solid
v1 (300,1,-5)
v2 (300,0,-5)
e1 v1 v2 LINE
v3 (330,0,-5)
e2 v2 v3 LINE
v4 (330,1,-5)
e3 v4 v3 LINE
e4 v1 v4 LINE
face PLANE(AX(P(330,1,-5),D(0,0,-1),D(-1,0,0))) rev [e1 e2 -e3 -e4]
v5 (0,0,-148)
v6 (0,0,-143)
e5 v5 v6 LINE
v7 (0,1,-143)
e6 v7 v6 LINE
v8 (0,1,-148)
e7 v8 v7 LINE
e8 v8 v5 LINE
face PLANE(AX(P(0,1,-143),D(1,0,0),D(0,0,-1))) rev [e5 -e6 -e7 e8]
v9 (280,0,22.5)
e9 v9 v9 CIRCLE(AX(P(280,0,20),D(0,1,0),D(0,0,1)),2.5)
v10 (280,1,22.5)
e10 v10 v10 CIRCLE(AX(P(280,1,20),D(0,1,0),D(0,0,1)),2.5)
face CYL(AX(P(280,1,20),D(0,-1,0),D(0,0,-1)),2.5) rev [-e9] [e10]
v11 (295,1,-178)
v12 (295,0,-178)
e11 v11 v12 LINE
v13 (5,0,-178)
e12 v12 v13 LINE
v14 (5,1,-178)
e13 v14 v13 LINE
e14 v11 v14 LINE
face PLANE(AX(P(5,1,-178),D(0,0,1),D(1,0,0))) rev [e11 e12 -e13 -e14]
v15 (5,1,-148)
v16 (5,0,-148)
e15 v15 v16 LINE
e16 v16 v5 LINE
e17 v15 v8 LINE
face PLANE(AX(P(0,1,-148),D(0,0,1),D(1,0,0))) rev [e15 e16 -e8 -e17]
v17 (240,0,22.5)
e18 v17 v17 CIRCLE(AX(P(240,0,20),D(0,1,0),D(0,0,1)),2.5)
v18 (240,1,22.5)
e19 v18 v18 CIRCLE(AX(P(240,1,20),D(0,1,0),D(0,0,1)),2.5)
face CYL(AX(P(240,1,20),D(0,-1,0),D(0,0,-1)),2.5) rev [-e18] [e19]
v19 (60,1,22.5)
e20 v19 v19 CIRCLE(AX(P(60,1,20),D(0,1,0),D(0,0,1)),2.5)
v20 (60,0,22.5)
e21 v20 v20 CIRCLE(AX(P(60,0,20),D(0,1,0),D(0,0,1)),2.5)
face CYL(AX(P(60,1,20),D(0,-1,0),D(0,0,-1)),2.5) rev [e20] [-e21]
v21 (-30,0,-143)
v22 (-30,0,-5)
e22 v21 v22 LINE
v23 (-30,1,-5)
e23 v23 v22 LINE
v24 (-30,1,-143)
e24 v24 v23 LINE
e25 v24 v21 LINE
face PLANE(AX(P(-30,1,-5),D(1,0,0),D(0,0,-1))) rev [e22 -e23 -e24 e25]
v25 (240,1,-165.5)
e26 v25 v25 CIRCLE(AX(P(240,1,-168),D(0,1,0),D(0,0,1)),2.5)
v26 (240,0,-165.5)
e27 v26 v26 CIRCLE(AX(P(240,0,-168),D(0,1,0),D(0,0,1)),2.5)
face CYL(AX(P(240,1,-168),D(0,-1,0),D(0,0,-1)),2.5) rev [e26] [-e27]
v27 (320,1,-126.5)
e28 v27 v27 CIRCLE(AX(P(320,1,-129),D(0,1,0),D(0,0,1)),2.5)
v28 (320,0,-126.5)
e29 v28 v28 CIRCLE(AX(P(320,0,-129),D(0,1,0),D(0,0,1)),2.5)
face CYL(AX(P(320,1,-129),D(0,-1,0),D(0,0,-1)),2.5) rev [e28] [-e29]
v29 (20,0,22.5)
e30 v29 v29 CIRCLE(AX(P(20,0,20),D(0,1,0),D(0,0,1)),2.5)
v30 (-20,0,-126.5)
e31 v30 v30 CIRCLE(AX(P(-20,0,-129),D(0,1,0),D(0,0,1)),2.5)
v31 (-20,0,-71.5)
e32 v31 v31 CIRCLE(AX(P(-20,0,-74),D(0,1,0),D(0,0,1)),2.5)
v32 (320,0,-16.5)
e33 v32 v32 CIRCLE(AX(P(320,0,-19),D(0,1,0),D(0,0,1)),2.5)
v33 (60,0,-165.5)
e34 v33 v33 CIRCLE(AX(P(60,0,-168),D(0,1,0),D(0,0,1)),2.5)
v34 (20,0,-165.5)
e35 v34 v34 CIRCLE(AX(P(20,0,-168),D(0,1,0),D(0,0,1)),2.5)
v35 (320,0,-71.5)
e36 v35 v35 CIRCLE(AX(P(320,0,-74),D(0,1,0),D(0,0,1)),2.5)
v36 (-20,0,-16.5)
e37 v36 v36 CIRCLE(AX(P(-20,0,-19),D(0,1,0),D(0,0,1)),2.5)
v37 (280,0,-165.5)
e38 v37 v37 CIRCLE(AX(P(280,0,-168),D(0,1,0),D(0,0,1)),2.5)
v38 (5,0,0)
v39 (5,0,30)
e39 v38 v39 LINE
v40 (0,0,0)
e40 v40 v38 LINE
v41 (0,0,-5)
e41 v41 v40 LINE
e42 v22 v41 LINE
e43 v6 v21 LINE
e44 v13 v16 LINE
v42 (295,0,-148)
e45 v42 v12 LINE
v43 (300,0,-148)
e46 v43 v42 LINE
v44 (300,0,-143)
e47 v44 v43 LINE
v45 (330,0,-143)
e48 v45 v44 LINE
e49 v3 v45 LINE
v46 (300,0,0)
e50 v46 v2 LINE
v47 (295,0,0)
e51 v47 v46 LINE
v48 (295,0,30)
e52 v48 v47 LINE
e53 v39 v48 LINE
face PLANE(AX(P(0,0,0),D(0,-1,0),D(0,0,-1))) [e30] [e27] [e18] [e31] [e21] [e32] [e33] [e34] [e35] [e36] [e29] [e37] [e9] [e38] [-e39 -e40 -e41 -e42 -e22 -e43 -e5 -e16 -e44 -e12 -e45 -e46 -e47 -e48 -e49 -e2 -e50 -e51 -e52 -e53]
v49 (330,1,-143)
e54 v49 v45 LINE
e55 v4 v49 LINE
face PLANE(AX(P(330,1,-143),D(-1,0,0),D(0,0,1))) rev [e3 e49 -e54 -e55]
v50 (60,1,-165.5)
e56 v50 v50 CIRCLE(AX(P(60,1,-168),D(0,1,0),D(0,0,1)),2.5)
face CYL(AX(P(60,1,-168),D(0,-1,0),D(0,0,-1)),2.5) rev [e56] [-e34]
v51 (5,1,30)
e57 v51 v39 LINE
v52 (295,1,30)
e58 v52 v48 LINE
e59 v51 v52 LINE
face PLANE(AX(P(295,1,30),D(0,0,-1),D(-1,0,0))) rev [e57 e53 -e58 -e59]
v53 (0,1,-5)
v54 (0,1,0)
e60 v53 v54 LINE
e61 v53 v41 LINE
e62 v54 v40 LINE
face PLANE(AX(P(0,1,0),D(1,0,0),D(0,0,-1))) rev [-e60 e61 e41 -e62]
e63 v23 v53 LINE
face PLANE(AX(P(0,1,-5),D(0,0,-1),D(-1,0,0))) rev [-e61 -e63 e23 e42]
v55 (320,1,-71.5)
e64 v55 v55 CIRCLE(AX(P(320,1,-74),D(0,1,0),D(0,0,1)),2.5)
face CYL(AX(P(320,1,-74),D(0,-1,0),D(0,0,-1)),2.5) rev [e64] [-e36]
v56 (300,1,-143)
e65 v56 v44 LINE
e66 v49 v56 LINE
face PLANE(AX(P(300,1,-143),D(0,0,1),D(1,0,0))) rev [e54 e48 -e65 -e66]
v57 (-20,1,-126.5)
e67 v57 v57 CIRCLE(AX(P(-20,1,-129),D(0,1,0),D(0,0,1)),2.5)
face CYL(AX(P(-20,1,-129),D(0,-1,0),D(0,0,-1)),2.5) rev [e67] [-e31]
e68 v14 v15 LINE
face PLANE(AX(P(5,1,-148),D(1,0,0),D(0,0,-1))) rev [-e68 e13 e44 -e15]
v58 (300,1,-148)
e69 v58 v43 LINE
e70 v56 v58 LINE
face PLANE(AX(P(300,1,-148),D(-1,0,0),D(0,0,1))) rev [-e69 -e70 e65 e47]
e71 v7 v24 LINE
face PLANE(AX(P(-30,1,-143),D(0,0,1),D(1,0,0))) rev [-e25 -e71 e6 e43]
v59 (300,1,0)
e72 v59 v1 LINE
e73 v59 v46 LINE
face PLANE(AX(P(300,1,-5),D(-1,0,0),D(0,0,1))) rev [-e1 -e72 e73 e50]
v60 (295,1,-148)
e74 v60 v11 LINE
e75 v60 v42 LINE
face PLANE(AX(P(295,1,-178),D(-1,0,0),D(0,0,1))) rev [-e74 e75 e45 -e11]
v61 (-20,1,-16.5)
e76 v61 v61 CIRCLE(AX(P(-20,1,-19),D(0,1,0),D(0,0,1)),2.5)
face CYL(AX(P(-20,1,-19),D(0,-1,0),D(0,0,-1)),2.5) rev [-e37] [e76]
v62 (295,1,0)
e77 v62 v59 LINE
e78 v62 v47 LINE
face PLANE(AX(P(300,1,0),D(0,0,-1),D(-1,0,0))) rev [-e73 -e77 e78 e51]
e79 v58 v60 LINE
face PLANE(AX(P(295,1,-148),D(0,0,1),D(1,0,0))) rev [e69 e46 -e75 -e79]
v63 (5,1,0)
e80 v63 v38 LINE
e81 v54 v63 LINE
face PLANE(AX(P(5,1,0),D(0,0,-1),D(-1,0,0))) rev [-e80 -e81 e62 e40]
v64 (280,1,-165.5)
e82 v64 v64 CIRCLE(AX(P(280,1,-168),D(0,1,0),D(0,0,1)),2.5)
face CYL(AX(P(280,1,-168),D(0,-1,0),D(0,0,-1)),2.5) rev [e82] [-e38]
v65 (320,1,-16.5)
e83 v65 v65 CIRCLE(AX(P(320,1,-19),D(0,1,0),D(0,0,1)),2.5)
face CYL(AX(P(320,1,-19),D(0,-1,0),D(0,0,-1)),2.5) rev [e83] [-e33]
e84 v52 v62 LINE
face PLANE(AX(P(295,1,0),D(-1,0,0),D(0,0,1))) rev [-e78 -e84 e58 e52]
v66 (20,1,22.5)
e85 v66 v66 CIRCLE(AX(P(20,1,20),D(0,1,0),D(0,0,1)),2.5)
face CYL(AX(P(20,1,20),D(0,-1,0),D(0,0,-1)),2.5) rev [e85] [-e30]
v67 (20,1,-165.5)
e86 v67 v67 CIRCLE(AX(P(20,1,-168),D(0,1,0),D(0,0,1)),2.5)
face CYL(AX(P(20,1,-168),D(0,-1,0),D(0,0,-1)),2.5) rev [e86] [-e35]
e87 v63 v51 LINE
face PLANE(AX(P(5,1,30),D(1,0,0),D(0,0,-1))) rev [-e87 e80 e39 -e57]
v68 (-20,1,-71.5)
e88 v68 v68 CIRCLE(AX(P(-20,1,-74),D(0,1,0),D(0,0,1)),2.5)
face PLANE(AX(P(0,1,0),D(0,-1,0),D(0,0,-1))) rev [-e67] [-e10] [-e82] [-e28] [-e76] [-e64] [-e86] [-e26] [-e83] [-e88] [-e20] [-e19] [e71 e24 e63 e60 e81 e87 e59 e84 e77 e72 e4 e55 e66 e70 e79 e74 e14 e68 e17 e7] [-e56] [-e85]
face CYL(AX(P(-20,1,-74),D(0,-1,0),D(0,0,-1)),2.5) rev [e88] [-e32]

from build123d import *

# Parameters (mm, degrees)
SKETCH1_R           = 2.5
BOSS_EXTRUDE1_DEPTH = 1


with BuildPart() as part:
    # Sketch1 → Boss-Extrude1 (new body)
    with BuildSketch(Plane(origin=(0, 0, 0), x_dir=(1, 0, 0), z_dir=(0, 1, 0))):
        Polygon((0, 0), (0, 5), (-30, 5), (-30, 143), (0, 143), (0, 148), (5, 148), (5, 178), (295, 178), (295, 148), (300, 148), (300, 143), (330, 143), (330, 5), (300, 5), (300, 0), (295, 0), (295, -30), (5, -30), (5, 0), align=None)
        with Locations(Location((20, -20, 0), (0, 0, 270))):
            Circle(SKETCH1_R, mode=Mode.SUBTRACT)
        with Locations(Location((60, -20, 0), (0, 0, 270))):
            Circle(SKETCH1_R, mode=Mode.SUBTRACT)
        with Locations(Location((280, -20, 0), (0, 0, 270))):
            Circle(SKETCH1_R, mode=Mode.SUBTRACT)
        with Locations(Location((240, -20, 0), (0, 0, 270))):
            Circle(SKETCH1_R, mode=Mode.SUBTRACT)
        with Locations(Location((320, 19, 0), (0, 0, 270))):
            Circle(SKETCH1_R, mode=Mode.SUBTRACT)
        with Locations(Location((320, 129, 0), (0, 0, 270))):
            Circle(SKETCH1_R, mode=Mode.SUBTRACT)
        with Locations(Location((280, 168, 0), (0, 0, 270))):
            Circle(SKETCH1_R, mode=Mode.SUBTRACT)
        with Locations(Location((240, 168, 0), (0, 0, 270))):
            Circle(SKETCH1_R, mode=Mode.SUBTRACT)
        with Locations(Location((60, 168, 0), (0, 0, 270))):
            Circle(SKETCH1_R, mode=Mode.SUBTRACT)
        with Locations(Location((20, 168, 0), (0, 0, 270))):
            Circle(SKETCH1_R, mode=Mode.SUBTRACT)
        with Locations(Location((-20, 129, 0), (0, 0, 270))):
            Circle(SKETCH1_R, mode=Mode.SUBTRACT)
        with Locations(Location((-20, 19, 0), (0, 0, 270))):
            Circle(SKETCH1_R, mode=Mode.SUBTRACT)
        with Locations(Location((-20, 74, 0), (0, 0, 270))):
            Circle(SKETCH1_R, mode=Mode.SUBTRACT)
        with Locations(Location((320, 74, 0), (0, 0, 270))):
            Circle(SKETCH1_R, mode=Mode.SUBTRACT)
    extrude(amount=BOSS_EXTRUDE1_DEPTH)


solid = part.part
